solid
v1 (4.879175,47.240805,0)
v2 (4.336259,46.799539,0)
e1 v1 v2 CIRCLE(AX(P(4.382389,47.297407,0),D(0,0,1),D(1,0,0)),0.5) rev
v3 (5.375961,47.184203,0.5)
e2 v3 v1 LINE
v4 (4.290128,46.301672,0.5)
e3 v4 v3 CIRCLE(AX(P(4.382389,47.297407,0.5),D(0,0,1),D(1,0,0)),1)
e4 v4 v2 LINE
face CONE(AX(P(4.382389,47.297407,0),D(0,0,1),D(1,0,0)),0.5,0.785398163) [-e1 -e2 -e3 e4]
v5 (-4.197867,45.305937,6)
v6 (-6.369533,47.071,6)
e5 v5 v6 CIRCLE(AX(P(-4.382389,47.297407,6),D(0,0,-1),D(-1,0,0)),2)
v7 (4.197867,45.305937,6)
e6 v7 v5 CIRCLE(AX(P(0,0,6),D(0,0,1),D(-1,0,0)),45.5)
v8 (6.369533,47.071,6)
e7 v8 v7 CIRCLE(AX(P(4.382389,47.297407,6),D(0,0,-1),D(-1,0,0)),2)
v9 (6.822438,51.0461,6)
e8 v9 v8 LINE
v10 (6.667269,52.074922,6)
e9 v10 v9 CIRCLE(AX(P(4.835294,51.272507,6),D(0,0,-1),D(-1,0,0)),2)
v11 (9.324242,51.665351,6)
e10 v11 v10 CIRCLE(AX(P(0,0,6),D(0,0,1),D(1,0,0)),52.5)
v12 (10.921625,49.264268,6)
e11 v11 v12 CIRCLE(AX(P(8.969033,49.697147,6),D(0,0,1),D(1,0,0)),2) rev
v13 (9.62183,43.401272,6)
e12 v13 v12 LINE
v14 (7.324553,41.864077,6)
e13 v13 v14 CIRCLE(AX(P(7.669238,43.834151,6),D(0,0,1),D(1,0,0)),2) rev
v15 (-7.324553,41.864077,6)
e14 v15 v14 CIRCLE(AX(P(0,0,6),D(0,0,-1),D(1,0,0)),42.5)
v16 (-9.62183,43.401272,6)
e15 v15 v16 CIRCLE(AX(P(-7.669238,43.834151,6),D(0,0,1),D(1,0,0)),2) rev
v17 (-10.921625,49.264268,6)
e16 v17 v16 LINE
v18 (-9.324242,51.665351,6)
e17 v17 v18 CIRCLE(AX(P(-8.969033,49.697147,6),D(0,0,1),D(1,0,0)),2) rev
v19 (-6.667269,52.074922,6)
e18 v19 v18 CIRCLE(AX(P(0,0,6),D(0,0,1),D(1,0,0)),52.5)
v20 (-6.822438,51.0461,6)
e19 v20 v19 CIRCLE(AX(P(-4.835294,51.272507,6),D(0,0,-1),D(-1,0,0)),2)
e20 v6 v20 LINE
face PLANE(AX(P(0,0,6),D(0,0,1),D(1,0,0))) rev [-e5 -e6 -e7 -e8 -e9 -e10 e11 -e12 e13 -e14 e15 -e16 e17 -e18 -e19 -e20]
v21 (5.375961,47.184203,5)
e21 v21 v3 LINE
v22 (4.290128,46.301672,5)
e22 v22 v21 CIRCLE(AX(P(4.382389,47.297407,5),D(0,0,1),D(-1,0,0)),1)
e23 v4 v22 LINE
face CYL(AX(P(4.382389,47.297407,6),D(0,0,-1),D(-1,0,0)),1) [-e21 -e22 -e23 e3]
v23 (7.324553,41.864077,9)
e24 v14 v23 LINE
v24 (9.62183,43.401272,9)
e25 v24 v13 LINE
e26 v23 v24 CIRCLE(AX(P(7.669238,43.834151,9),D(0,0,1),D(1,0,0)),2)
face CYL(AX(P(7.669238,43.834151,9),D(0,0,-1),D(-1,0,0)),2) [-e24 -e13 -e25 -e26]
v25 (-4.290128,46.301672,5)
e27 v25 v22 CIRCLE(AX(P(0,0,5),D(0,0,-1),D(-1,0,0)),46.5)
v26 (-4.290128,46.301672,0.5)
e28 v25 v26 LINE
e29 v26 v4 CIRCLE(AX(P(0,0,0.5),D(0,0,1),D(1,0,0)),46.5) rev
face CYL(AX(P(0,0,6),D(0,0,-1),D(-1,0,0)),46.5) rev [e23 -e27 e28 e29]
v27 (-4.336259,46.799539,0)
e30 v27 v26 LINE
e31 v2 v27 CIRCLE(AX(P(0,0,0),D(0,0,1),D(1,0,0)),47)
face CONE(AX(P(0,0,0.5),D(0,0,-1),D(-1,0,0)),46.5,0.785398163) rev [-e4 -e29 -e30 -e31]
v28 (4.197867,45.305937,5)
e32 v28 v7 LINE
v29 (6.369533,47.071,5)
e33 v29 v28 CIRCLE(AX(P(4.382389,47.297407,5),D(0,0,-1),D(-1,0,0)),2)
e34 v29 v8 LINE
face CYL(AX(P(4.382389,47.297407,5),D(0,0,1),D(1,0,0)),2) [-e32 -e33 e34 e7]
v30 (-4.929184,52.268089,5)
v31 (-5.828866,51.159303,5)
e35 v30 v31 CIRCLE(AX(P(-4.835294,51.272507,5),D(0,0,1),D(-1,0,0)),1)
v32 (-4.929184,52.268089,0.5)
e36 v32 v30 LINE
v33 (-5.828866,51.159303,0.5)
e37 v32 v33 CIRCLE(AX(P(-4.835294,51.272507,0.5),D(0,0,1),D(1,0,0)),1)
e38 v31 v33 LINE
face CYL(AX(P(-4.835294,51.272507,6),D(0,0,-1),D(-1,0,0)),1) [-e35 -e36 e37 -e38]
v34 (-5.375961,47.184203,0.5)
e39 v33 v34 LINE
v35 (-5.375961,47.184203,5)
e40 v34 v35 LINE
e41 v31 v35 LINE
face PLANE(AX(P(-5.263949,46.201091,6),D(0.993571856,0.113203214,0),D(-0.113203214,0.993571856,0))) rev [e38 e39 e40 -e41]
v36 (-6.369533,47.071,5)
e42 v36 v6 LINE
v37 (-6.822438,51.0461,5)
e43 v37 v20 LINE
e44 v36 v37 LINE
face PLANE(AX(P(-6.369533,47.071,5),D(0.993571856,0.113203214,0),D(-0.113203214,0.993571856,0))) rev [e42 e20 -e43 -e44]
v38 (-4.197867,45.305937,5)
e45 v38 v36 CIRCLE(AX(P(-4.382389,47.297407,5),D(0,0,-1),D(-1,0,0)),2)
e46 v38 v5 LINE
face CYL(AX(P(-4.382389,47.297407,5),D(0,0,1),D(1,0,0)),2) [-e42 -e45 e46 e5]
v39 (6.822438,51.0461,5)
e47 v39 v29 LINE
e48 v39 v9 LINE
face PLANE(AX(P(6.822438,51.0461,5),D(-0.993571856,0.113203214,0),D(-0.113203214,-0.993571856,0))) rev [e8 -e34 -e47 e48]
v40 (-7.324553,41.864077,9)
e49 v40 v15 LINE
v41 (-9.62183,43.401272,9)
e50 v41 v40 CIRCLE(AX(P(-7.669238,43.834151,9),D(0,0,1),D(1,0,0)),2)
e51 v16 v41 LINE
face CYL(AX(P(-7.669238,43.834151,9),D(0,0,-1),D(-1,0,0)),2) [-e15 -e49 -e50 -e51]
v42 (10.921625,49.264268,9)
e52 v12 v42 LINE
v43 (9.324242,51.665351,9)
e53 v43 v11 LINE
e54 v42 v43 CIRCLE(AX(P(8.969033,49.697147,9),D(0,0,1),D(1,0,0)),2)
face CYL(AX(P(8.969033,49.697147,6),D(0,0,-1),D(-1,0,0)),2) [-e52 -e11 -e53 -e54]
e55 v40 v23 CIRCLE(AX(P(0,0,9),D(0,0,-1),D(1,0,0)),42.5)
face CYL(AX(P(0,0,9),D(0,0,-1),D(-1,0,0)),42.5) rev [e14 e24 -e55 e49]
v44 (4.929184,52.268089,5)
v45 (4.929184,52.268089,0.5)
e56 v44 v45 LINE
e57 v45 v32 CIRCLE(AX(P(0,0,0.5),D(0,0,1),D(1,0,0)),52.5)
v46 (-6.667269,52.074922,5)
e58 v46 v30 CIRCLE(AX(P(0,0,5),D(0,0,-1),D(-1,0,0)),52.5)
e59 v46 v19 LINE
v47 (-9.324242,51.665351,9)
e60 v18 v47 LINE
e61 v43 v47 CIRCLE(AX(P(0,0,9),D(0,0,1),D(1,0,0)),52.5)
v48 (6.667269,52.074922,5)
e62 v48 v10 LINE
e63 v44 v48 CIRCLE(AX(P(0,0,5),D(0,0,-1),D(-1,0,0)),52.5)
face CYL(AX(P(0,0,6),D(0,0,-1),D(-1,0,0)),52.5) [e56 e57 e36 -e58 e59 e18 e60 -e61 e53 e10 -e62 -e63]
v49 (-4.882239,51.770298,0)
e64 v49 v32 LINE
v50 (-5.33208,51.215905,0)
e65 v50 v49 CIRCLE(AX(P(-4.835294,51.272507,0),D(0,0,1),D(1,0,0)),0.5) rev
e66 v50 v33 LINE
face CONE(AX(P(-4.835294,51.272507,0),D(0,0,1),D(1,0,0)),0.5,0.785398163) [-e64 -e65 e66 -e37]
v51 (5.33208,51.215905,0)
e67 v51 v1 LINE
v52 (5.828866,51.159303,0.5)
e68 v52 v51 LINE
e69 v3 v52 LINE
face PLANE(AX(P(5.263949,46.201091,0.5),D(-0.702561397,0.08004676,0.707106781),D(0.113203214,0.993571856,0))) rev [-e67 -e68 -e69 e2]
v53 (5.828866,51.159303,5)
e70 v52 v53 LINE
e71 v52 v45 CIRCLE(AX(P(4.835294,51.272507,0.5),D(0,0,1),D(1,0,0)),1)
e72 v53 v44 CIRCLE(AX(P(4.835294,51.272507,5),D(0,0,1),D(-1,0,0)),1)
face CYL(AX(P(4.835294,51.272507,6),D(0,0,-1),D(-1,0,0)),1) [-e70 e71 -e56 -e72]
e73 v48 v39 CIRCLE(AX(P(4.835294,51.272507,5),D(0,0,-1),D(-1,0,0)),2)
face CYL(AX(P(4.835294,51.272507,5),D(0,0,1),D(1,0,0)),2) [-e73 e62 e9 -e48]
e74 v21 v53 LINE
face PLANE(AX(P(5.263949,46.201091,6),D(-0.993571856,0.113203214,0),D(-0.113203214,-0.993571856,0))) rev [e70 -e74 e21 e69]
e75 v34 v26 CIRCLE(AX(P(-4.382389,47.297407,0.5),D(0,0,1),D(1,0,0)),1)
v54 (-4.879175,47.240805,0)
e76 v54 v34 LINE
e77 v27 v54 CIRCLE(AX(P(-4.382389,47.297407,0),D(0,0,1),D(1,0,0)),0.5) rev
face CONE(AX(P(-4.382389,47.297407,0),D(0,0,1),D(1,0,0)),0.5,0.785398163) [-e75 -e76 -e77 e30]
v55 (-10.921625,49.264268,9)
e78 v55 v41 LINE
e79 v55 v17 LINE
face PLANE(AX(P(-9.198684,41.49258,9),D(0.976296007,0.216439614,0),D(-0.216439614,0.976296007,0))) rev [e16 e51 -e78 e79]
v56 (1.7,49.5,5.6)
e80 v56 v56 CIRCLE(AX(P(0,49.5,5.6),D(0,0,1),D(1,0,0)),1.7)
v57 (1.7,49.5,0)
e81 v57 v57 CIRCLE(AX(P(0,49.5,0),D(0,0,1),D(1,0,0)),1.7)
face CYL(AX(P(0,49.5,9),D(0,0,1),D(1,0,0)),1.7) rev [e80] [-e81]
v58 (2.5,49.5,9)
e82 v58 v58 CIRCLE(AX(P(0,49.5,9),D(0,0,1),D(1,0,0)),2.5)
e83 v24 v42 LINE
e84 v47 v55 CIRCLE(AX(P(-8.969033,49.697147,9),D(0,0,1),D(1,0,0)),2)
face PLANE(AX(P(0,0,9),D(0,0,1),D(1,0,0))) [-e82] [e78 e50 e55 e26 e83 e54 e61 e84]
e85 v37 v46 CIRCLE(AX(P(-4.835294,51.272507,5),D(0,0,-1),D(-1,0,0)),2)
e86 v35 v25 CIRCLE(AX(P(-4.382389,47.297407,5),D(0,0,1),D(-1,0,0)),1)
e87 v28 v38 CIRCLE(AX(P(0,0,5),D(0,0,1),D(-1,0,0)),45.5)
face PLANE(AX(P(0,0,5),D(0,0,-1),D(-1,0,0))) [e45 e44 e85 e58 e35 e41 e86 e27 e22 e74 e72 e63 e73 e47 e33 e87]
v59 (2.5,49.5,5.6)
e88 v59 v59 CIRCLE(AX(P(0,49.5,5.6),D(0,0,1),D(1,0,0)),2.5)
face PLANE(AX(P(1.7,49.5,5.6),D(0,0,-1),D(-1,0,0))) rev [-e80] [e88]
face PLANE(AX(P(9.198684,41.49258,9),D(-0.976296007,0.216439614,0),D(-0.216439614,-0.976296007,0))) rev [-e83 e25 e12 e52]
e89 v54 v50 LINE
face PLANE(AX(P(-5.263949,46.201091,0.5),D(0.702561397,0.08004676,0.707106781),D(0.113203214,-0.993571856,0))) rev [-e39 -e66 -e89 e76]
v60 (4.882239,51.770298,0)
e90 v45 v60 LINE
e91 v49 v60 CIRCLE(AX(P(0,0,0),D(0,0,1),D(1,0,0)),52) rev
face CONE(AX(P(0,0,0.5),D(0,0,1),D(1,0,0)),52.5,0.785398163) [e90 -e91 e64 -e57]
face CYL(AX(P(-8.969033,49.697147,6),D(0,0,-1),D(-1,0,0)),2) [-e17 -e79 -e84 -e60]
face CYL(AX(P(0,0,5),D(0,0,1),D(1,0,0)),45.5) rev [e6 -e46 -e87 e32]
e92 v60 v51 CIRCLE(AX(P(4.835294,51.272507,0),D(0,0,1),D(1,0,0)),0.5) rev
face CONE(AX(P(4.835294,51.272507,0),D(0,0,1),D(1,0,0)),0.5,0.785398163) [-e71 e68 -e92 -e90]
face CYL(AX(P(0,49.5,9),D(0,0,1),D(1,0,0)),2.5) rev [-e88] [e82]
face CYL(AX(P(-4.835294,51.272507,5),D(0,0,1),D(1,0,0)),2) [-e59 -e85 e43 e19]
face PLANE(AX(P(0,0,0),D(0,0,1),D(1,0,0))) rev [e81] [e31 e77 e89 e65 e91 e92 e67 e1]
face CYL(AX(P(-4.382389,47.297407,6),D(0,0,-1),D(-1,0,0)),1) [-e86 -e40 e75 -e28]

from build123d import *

# Parameters (mm, degrees)
EXTRUDE_1_DEPTH           = 6
FILLET_1_R                = 1
EXTRUDE_2_DEPTH           = 3
FILLET_2_R                = 2
HOLE_WIZARD_1_D           = 3.4
HOLE_WIZARD_1_CBORE_D     = 5
HOLE_WIZARD_1_CBORE_DEPTH = 3.4
EXTRUDE_3_DEPTH           = 1
CHAMFER_1_SIZE            = 0.5


with BuildPart() as part:
    # 草图1 → 凸台-拉伸1 (new body)
    with BuildSketch(Plane.XY):
        with BuildLine():
            Line((-5.26394944, 46.201091289), (-5.943168723, 52.162522423))
            ThreePointArc((-5.943168723, 52.162522423), (0, 52.5), (5.943168723, 52.162522423))
            Line((5.943168723, 52.162522423), (5.26394944, 46.201091289))
            ThreePointArc((5.26394944, 46.201091289), (0, 46.5), (-5.26394944, 46.201091289))
        make_face()
    extrude(amount=EXTRUDE_1_DEPTH)

    # 圆角1
    fillet_1_edges = [part.edges().sort_by_distance(p)[0] for p in [
        (5.943168723, 52.162522423, 3),
        (5.26394944, 46.201091289, 3),
        (-5.26394944, 46.201091289, 3),
        (-5.943168723, 52.162522423, 3),
    ]]
    fillet(fillet_1_edges, radius=FILLET_1_R)

    # 草图2 → 凸台-拉伸2 (add)
    with BuildSketch(Plane.XY.offset(6)):
        with BuildLine():
            Line((-9.198683592, 41.492580303), (-11.363079732, 51.255540374))
            ThreePointArc((-11.363079732, 51.255540374), (0, 52.5), (11.363079732, 51.255540374))
            Line((11.363079732, 51.255540374), (9.198683592, 41.492580303))
            ThreePointArc((9.198683592, 41.492580303), (0, 42.5), (-9.198683592, 41.492580303))
        make_face()
    extrude(amount=EXTRUDE_2_DEPTH)

    # 圆角2
    fillet_2_edges = [part.edges().sort_by_distance(p)[0] for p in [
        (11.363079732, 51.255540374, 7.5),
        (-11.363079732, 51.255540374, 7.5),
        (-9.198683592, 41.492580303, 7.5),
        (9.198683592, 41.492580303, 7.5),
    ]]
    fillet(fillet_2_edges, radius=FILLET_2_R)

    # 打孔尺寸(%根据)内六角圆柱头螺钉的类型1 (through all)
    with Locations(Plane.XY.offset(9)):
        with Locations((0, 49.5)):
            CounterBoreHole(HOLE_WIZARD_1_D / 2, HOLE_WIZARD_1_CBORE_D / 2, HOLE_WIZARD_1_CBORE_DEPTH)

    # 草图6 → 凸台-拉伸3 (add)
    with BuildSketch(Plane(origin=(0, 0, 6), x_dir=(-1, 0, 0), z_dir=(0, 0, -1))):
        with BuildLine():
            Line((-6.822438201, 51.046100115), (-6.369532765, 47.071000121))
            ThreePointArc((-6.369532765, 47.071000121), (-5.643826215, 45.74538326), (-4.197867409, 45.305936799))
            ThreePointArc((-4.197867409, 45.305936799), (0, 45.5), (4.197867409, 45.305936799))
            ThreePointArc((4.197867409, 45.305936799), (5.643826215, 45.74538326), (6.369532765, 47.071000121))
            Line((6.369532765, 47.071000121), (6.822438201, 51.046100115))
            ThreePointArc((6.822438201, 51.046100115), (6.812927902, 51.570778372), (6.667268559, 52.074922275))
            ThreePointArc((6.667268559, 52.074922275), (5.799030491, 52.178743233), (4.929183703, 52.268089194))
            ThreePointArc((4.929183703, 52.268089194), (5.611821641, 51.902590333), (5.828866345, 51.159303329))
            Line((5.828866345, 51.159303329), (5.375960909, 47.184203334))
            ThreePointArc((5.375960909, 47.184203334), (5.013107634, 46.521394904), (4.290128231, 46.301671673))
            ThreePointArc((4.290128231, 46.301671673), (0, 46.5), (-4.290128231, 46.301671673))
            ThreePointArc((-4.290128231, 46.301671673), (-5.013107634, 46.521394904), (-5.375960909, 47.184203334))
            Line((-5.375960909, 47.184203334), (-5.828866345, 51.159303329))
            ThreePointArc((-5.828866345, 51.159303329), (-5.611821641, 51.902590333), (-4.929183703, 52.268089194))
            ThreePointArc((-4.929183703, 52.268089194), (-5.799030491, 52.178743233), (-6.667268559, 52.074922275))
            ThreePointArc((-6.667268559, 52.074922275), (-6.812927902, 51.570778372), (-6.822438201, 51.046100115))
        make_face()
    extrude(amount=EXTRUDE_3_DEPTH)

    # 倒角1
    chamfer_1_edges = [part.edges().sort_by_distance(p)[0] for p in [
        (0, 46.5, 0),
        (0, 52.5, 0),
        (5.602413627, 49.171753332, 0),
        (-5.602413627, 49.171753332, 0),
        (-5.611821641, 51.902590333, 0),
        (5.611821641, 51.902590333, 0),
        (5.013107634, 46.521394904, 0),
        (-5.013107634, 46.521394904, 0),
    ]]
    chamfer(chamfer_1_edges, length=CHAMFER_1_SIZE)


solid = part.part
